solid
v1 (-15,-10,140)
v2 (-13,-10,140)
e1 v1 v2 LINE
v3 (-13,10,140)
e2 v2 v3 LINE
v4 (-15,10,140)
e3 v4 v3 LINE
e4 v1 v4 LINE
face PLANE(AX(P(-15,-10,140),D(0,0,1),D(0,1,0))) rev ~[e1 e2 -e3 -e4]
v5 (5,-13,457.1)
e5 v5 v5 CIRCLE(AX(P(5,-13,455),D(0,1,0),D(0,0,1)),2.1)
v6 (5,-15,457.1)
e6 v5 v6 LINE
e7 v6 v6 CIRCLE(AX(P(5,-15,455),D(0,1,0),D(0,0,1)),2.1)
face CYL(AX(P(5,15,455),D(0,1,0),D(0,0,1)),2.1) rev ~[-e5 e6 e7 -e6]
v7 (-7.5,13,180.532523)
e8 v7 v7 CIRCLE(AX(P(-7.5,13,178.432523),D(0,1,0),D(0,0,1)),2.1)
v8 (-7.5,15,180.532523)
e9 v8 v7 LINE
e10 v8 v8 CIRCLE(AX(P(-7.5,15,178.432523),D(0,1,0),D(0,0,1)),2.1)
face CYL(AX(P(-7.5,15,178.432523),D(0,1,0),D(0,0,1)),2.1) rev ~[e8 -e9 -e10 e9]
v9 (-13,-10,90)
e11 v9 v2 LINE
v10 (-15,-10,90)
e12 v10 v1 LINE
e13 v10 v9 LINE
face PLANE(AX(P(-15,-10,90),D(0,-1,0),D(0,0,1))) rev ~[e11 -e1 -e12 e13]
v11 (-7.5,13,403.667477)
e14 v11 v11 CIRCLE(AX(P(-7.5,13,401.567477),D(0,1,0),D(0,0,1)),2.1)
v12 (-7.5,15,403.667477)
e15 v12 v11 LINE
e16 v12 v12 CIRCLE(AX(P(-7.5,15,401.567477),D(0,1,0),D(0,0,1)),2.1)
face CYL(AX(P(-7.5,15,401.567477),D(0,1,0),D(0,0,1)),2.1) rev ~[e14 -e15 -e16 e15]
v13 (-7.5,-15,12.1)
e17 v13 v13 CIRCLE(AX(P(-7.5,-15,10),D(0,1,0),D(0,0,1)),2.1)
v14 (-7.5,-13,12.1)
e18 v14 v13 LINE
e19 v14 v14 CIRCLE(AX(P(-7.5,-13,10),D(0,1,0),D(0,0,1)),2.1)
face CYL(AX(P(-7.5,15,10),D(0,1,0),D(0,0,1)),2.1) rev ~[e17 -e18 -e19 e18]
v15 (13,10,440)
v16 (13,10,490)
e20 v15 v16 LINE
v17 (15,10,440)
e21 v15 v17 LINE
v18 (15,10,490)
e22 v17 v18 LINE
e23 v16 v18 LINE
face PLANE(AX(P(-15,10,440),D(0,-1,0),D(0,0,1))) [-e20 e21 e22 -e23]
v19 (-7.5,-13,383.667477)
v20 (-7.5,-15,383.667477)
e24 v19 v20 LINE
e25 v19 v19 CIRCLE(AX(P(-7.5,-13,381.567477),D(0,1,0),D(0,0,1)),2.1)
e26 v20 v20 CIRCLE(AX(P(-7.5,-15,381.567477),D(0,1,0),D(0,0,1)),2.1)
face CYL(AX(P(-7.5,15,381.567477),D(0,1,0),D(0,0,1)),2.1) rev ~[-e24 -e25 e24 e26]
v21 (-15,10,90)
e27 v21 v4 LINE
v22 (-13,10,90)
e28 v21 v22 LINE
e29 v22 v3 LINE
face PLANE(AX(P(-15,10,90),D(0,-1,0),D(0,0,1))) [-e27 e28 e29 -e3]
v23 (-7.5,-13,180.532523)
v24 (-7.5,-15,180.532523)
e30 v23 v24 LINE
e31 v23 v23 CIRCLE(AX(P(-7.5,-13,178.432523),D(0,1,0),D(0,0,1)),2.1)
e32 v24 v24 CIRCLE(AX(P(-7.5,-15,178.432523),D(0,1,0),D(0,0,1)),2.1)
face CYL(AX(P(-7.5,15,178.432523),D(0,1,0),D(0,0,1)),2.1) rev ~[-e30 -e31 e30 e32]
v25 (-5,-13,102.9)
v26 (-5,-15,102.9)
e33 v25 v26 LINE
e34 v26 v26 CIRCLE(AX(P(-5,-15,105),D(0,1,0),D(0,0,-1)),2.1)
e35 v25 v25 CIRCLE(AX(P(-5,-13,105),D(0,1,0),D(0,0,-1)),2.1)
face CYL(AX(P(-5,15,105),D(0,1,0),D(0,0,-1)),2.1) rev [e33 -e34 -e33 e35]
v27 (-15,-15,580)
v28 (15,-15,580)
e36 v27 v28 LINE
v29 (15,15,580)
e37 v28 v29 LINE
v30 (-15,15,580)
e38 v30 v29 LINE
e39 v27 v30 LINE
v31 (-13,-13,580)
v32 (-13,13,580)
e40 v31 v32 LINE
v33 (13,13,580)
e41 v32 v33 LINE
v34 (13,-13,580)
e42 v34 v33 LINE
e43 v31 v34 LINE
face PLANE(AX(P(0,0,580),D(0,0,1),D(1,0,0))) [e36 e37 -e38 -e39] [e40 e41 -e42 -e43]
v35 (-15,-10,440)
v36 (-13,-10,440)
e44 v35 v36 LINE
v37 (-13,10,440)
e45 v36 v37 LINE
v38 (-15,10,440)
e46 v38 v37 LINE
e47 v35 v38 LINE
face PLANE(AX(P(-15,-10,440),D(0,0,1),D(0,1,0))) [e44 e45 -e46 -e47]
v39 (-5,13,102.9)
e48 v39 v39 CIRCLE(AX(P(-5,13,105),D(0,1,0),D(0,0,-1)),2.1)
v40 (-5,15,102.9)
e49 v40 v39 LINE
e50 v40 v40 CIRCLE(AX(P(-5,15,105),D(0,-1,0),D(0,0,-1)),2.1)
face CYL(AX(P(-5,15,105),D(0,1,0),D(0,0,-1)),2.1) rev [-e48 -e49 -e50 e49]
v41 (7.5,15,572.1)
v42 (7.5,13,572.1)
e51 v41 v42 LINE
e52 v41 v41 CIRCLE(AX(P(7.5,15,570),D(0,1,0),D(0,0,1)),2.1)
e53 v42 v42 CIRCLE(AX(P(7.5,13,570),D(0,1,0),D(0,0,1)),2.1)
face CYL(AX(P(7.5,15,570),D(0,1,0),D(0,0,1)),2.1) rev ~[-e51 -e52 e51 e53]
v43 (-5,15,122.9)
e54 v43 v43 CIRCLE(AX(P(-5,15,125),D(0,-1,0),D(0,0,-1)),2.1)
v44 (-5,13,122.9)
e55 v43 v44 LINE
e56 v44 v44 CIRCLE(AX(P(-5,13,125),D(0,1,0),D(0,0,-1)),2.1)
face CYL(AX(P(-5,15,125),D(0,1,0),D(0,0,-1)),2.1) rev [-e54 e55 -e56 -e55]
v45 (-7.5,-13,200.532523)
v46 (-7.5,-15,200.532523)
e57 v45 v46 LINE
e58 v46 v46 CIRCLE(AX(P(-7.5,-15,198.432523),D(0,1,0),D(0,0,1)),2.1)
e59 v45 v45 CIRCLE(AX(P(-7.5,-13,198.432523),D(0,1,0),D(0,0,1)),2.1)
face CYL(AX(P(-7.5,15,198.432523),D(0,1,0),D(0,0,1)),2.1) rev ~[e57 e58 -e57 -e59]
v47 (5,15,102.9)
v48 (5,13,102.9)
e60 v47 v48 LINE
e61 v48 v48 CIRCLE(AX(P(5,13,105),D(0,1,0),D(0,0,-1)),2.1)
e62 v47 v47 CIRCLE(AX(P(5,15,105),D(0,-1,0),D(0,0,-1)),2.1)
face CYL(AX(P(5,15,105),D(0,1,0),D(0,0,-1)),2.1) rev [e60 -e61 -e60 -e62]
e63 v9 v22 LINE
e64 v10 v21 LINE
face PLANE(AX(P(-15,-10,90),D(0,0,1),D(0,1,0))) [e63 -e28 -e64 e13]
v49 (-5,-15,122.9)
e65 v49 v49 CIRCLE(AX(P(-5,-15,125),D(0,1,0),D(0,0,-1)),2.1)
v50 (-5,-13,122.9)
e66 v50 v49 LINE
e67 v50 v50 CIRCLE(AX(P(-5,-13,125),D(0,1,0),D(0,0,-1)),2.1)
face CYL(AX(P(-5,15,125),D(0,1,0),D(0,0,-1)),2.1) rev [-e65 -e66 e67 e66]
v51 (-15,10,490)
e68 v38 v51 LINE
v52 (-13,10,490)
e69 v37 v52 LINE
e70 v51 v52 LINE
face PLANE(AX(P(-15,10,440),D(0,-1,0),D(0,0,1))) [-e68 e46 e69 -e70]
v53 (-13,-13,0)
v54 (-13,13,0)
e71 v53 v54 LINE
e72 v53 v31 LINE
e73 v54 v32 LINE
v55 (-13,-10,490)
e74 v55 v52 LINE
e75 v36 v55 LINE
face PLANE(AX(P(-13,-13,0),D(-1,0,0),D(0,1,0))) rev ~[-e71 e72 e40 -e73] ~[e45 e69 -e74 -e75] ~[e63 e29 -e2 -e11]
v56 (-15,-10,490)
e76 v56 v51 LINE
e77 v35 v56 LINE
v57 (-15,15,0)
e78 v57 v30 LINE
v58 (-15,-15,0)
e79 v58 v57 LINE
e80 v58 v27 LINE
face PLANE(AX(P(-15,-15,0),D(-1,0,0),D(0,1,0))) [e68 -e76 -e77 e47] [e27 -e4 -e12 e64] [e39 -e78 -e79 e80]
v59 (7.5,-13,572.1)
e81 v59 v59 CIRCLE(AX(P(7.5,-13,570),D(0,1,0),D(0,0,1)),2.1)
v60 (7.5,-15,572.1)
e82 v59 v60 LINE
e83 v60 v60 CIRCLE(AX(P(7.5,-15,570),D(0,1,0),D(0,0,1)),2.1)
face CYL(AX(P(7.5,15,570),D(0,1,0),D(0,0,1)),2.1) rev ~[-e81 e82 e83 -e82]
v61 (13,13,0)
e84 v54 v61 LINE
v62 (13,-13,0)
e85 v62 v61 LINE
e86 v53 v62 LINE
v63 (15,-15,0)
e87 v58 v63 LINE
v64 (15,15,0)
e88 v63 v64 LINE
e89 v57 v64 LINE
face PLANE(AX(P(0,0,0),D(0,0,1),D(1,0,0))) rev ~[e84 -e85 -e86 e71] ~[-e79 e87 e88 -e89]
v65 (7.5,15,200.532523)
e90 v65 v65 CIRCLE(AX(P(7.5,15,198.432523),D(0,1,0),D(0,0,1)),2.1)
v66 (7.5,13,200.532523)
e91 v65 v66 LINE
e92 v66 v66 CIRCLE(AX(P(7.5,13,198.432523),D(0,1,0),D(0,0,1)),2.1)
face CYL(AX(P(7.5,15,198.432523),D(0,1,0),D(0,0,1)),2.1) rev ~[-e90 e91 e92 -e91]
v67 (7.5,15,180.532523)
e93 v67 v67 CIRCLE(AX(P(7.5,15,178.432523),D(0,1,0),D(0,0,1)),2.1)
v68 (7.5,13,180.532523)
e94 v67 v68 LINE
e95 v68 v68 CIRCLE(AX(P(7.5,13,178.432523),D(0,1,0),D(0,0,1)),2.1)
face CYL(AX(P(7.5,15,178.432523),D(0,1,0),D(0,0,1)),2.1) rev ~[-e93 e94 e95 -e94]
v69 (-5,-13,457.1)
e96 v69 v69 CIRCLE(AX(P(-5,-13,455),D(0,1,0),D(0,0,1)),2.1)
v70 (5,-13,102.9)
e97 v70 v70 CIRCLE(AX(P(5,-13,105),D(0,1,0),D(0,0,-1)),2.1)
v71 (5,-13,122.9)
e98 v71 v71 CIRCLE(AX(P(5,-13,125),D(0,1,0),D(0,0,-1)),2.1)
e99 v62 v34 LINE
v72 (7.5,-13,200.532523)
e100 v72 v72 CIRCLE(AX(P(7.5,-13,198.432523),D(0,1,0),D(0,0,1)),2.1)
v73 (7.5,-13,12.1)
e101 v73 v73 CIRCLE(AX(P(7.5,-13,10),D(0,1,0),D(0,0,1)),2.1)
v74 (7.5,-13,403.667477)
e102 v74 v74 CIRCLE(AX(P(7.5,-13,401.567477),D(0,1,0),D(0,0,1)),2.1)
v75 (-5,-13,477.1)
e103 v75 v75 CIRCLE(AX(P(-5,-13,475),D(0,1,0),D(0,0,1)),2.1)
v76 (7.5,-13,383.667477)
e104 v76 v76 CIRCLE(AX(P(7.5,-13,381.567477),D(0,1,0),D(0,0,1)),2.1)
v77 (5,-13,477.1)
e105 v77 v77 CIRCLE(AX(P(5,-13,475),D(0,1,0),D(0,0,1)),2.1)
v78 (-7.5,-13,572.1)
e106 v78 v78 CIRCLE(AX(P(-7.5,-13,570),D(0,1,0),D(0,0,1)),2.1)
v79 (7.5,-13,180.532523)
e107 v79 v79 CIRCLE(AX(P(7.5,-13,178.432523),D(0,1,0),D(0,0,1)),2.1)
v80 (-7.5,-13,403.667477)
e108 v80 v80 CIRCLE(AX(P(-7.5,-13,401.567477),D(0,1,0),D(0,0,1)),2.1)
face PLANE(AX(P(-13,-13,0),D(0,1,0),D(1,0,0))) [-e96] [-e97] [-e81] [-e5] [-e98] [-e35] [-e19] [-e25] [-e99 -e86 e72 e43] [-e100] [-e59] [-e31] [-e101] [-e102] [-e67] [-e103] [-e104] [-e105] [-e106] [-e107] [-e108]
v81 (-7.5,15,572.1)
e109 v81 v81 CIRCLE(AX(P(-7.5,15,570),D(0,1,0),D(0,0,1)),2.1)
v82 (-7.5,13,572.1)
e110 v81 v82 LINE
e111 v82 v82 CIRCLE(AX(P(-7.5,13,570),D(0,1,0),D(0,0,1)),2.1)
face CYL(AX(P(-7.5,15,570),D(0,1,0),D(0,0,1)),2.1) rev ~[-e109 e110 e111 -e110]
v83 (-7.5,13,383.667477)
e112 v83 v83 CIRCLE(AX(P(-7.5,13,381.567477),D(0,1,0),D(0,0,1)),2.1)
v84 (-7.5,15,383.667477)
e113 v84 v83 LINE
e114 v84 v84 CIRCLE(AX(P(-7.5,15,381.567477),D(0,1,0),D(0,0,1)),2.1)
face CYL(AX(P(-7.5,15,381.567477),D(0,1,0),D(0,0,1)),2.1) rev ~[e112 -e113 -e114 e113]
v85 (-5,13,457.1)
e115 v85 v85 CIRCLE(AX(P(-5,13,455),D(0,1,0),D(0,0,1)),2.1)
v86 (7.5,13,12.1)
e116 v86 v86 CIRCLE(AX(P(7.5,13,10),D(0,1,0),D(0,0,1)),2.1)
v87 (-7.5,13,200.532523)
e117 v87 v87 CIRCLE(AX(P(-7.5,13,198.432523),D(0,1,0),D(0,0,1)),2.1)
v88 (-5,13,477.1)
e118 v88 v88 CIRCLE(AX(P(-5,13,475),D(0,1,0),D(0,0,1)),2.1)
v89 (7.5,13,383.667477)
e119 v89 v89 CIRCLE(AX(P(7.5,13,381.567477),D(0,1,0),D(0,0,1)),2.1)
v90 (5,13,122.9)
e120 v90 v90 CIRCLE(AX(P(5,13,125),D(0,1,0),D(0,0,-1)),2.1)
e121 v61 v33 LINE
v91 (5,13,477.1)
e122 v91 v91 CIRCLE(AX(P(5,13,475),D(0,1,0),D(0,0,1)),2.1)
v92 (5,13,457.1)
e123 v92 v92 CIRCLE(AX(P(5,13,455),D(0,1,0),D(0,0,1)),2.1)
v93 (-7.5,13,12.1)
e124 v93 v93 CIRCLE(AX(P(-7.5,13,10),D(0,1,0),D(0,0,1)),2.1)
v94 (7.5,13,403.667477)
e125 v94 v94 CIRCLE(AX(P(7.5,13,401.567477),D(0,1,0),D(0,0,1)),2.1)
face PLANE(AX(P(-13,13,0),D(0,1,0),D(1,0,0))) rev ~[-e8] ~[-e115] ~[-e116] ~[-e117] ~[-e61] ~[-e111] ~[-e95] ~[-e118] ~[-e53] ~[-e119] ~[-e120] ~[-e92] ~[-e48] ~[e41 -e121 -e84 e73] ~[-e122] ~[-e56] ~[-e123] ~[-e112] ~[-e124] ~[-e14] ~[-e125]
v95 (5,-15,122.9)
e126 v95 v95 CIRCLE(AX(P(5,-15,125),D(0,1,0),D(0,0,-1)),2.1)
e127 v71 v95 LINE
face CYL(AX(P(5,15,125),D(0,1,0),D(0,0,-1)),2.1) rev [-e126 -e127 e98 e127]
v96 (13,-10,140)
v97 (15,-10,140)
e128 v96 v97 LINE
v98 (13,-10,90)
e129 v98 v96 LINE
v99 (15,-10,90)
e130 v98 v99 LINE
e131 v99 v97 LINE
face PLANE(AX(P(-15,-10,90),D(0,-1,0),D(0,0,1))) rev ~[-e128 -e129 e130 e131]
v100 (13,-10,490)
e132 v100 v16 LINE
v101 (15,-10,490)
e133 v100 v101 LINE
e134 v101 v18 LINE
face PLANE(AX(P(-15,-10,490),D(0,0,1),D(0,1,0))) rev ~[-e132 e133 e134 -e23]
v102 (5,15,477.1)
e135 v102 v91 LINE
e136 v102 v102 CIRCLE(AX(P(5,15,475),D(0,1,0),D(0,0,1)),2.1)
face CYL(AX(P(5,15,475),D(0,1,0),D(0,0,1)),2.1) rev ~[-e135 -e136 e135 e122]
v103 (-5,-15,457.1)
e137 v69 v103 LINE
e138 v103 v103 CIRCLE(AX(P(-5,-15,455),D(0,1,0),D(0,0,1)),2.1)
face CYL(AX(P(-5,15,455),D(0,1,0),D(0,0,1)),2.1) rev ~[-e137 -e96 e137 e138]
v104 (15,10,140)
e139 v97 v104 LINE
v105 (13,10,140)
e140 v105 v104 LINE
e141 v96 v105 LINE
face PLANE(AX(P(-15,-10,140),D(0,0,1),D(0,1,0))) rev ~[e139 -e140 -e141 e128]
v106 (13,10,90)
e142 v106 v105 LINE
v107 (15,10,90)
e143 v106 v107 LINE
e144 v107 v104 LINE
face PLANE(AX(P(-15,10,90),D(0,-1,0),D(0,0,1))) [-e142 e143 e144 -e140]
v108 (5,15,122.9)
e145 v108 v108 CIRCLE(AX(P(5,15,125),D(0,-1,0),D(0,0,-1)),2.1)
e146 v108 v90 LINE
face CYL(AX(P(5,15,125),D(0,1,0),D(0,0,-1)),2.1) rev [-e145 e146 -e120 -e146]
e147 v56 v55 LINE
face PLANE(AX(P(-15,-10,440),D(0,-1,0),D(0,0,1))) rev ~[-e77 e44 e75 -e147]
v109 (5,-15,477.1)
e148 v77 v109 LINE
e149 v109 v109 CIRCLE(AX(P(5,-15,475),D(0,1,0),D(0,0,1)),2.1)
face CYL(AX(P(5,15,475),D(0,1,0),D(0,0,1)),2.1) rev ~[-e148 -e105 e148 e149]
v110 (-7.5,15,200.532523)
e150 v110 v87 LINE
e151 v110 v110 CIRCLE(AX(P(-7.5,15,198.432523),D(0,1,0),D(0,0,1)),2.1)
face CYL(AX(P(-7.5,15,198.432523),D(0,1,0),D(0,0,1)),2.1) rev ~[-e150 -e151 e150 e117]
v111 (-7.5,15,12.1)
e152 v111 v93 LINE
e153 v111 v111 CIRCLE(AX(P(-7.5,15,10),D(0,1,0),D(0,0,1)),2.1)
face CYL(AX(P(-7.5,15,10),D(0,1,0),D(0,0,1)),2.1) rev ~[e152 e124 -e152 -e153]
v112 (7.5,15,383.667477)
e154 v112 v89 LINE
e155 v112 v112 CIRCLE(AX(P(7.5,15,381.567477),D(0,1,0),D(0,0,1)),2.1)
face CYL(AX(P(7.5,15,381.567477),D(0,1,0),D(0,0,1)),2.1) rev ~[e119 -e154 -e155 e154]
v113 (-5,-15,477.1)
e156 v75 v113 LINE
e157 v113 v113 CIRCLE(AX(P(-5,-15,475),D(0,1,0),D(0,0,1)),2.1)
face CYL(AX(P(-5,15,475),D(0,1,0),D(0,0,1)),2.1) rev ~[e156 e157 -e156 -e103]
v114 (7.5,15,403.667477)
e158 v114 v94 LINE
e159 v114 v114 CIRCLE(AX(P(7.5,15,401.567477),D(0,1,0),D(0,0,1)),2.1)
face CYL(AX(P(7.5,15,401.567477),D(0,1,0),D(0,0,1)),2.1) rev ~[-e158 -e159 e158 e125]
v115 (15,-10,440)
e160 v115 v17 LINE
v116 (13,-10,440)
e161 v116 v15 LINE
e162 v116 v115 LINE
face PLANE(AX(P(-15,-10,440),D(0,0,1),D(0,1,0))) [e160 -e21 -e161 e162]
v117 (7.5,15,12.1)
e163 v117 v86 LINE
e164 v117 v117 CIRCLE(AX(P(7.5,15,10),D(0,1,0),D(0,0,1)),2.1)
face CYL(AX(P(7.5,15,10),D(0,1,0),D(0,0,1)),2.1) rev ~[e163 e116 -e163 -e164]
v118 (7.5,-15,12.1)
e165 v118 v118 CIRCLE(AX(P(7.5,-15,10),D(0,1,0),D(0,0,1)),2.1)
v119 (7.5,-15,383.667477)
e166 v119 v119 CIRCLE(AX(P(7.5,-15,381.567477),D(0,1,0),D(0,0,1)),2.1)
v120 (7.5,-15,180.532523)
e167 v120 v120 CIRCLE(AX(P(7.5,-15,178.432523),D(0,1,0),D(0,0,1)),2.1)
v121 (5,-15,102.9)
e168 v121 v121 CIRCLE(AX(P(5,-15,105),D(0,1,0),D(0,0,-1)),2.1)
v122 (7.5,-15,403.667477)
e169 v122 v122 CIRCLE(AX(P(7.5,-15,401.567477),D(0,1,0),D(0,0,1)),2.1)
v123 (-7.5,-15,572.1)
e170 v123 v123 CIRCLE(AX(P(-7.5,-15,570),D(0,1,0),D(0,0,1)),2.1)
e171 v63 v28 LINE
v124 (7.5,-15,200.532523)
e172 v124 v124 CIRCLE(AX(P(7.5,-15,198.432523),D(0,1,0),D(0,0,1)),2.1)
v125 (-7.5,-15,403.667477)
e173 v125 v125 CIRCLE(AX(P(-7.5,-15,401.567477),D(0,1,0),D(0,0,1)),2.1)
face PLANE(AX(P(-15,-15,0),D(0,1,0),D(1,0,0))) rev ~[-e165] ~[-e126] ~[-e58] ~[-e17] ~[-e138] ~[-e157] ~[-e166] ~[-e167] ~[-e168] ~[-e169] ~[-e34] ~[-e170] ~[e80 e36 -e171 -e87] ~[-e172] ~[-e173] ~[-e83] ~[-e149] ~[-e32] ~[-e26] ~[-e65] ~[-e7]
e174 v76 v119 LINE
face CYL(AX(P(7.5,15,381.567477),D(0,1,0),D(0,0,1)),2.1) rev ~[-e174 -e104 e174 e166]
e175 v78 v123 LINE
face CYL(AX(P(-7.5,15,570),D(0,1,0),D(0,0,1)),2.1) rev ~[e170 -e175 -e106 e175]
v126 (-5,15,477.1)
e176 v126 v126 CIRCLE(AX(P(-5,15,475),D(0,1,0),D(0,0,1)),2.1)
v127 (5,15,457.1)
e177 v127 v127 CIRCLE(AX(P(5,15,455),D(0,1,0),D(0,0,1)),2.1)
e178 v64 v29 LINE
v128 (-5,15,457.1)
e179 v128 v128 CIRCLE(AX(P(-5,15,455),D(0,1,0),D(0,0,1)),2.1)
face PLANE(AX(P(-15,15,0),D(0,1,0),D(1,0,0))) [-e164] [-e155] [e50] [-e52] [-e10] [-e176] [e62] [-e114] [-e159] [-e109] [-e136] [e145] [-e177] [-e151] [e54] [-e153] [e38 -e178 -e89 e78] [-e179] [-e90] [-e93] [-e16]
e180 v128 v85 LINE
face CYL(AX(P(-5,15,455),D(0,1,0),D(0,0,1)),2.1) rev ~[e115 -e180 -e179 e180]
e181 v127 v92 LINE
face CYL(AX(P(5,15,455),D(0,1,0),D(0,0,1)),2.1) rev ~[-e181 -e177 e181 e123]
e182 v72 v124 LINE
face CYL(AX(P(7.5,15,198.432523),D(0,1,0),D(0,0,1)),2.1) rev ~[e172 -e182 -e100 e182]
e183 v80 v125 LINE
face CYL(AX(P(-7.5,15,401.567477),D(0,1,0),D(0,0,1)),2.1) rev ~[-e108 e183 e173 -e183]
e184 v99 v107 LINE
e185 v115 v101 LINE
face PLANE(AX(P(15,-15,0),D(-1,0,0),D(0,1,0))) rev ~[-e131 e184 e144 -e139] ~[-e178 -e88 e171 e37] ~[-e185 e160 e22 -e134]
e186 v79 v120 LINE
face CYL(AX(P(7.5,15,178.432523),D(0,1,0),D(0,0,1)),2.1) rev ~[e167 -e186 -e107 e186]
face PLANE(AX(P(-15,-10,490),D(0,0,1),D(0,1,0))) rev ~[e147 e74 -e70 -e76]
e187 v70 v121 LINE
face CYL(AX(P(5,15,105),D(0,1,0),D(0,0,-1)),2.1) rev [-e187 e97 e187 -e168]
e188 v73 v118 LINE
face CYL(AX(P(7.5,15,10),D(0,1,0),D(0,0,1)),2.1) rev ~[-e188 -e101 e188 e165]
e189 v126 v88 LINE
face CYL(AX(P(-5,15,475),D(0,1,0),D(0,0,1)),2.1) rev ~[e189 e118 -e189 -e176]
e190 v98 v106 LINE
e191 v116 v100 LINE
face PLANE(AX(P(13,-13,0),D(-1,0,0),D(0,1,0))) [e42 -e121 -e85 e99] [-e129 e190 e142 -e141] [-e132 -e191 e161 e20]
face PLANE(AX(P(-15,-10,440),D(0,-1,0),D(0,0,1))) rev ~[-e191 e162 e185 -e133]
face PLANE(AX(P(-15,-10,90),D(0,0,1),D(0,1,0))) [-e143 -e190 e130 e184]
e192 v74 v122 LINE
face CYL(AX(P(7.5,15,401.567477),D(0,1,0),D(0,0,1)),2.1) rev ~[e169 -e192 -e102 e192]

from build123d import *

# Parameters (mm, degrees)
SKETCH_1_W          = 30
SKETCH_1_H          = 30
SKETCH_1_W_2        = 26
SKETCH_1_H_2        = 26
EXTRUDE_1_DEPTH     = 580
SKETCH_2_W          = 50
SKETCH_2_H          = 20
CUT_EXTRUDE_1_DEPTH = 581.969018107
SKETCH_3_R          = 2.1
CUT_EXTRUDE_2_DEPTH = 581.969018107
SKETCH_4_R          = 2.1
CUT_EXTRUDE_3_DEPTH = 581.969018107
SKETCH_7_R          = 2.1
CUT_EXTRUDE_4_DEPTH = 581.969018107


with BuildPart() as part:
    # 草图1 → 凸台-拉伸1 (new body)
    with BuildSketch(Plane.XY):
        Rectangle(SKETCH_1_W, SKETCH_1_H)
        Rectangle(SKETCH_1_W_2, SKETCH_1_H_2, mode=Mode.SUBTRACT)
    extrude(amount=EXTRUDE_1_DEPTH)

    # 草图2 → 切除-拉伸1 (cut, through all)
    with BuildSketch(Plane.ZY.offset(15)):
        with Locations((115, 0)):
            Rectangle(SKETCH_2_W, SKETCH_2_H)
        with Locations((465, 0)):
            Rectangle(SKETCH_2_W, SKETCH_2_H)
    extrude(amount=-CUT_EXTRUDE_1_DEPTH, mode=Mode.SUBTRACT)

    # 草图3 → 切除-拉伸2 (cut, through all)
    with BuildSketch(Plane(origin=(0, 15, 0), x_dir=(1, 0, 0), z_dir=(0, 1, 0))):
        with Locations(Location((7.5, -10, 0), (0, 0, 270))):
            Circle(SKETCH_3_R)
        with Locations(Location((-7.5, -10, 0), (0, 0, 270))):
            Circle(SKETCH_3_R)
        with Locations(Location((-7.5, -570, 0), (0, 0, 270))):
            Circle(SKETCH_3_R)
        with Locations(Location((7.5, -570, 0), (0, 0, 270))):
            Circle(SKETCH_3_R)
    extrude(amount=-CUT_EXTRUDE_2_DEPTH, mode=Mode.SUBTRACT)

    # 草图4 → 切除-拉伸3 (cut, through all)
    with BuildSketch(Plane(origin=(0, 15, 0), x_dir=(1, 0, 0), z_dir=(0, 1, 0))):
        with Locations(Location((7.5, -401.567476668, 0), (0, 0, 270))):
            Circle(SKETCH_4_R)
        with Locations(Location((-7.5, -401.567476668, 0), (0, 0, 270))):
            Circle(SKETCH_4_R)
        with Locations(Location((-7.5, -381.567476668, 0), (0, 0, 270))):
            Circle(SKETCH_4_R)
        with Locations(Location((7.5, -381.567476668, 0), (0, 0, 270))):
            Circle(SKETCH_4_R)
        with Locations(Location((7.5, -178.432523332, 0), (0, 0, 270))):
            Circle(SKETCH_4_R)
        with Locations(Location((-7.5, -178.432523332, 0), (0, 0, 270))):
            Circle(SKETCH_4_R)
        with Locations(Location((-7.5, -198.432523332, 0), (0, 0, 270))):
            Circle(SKETCH_4_R)
        with Locations(Location((7.5, -198.432523332, 0), (0, 0, 270))):
            Circle(SKETCH_4_R)
        with Locations((162.5, -178.432523332)):
            Circle(SKETCH_4_R)
        with Locations((177.5, -178.432523332)):
            Circle(SKETCH_4_R)
        with Locations((177.5, -198.432523332)):
            Circle(SKETCH_4_R)
        with Locations((162.5, -198.432523332)):
            Circle(SKETCH_4_R)
        with Locations((162.5, -381.567476668)):
            Circle(SKETCH_4_R)
        with Locations((162.5, -401.567476668)):
            Circle(SKETCH_4_R)
        with Locations((177.5, -401.567476668)):
            Circle(SKETCH_4_R)
        with Locations((177.5, -381.567476668)):
            Circle(SKETCH_4_R)
    extrude(amount=-CUT_EXTRUDE_3_DEPTH, mode=Mode.SUBTRACT)

    # 草图7 → 切除-拉伸4 (cut, through all)
    with BuildSketch(Plane(origin=(0, 15, 0), x_dir=(1, 0, 0), z_dir=(0, 1, 0))):
        with Locations(Location((5, -455, 0), (0, 0, 270))):
            Circle(SKETCH_7_R)
        with Locations(Location((-5, -455, 0), (0, 0, 270))):
            Circle(SKETCH_7_R)
        with Locations(Location((-5, -475, 0), (0, 0, 270))):
            Circle(SKETCH_7_R)
        with Locations(Location((5, -475, 0), (0, 0, 270))):
            Circle(SKETCH_7_R)
    cut_extrude_4 = extrude(amount=-CUT_EXTRUDE_4_DEPTH, mode=Mode.SUBTRACT)

    # 镜向1: 切除-拉伸4 across plane
    add(cut_extrude_4.mirror(Plane(origin=(0, 0, 290), x_dir=(1, 0, 0), z_dir=(0, 0, -1))), mode=Mode.SUBTRACT)


solid = part.part
